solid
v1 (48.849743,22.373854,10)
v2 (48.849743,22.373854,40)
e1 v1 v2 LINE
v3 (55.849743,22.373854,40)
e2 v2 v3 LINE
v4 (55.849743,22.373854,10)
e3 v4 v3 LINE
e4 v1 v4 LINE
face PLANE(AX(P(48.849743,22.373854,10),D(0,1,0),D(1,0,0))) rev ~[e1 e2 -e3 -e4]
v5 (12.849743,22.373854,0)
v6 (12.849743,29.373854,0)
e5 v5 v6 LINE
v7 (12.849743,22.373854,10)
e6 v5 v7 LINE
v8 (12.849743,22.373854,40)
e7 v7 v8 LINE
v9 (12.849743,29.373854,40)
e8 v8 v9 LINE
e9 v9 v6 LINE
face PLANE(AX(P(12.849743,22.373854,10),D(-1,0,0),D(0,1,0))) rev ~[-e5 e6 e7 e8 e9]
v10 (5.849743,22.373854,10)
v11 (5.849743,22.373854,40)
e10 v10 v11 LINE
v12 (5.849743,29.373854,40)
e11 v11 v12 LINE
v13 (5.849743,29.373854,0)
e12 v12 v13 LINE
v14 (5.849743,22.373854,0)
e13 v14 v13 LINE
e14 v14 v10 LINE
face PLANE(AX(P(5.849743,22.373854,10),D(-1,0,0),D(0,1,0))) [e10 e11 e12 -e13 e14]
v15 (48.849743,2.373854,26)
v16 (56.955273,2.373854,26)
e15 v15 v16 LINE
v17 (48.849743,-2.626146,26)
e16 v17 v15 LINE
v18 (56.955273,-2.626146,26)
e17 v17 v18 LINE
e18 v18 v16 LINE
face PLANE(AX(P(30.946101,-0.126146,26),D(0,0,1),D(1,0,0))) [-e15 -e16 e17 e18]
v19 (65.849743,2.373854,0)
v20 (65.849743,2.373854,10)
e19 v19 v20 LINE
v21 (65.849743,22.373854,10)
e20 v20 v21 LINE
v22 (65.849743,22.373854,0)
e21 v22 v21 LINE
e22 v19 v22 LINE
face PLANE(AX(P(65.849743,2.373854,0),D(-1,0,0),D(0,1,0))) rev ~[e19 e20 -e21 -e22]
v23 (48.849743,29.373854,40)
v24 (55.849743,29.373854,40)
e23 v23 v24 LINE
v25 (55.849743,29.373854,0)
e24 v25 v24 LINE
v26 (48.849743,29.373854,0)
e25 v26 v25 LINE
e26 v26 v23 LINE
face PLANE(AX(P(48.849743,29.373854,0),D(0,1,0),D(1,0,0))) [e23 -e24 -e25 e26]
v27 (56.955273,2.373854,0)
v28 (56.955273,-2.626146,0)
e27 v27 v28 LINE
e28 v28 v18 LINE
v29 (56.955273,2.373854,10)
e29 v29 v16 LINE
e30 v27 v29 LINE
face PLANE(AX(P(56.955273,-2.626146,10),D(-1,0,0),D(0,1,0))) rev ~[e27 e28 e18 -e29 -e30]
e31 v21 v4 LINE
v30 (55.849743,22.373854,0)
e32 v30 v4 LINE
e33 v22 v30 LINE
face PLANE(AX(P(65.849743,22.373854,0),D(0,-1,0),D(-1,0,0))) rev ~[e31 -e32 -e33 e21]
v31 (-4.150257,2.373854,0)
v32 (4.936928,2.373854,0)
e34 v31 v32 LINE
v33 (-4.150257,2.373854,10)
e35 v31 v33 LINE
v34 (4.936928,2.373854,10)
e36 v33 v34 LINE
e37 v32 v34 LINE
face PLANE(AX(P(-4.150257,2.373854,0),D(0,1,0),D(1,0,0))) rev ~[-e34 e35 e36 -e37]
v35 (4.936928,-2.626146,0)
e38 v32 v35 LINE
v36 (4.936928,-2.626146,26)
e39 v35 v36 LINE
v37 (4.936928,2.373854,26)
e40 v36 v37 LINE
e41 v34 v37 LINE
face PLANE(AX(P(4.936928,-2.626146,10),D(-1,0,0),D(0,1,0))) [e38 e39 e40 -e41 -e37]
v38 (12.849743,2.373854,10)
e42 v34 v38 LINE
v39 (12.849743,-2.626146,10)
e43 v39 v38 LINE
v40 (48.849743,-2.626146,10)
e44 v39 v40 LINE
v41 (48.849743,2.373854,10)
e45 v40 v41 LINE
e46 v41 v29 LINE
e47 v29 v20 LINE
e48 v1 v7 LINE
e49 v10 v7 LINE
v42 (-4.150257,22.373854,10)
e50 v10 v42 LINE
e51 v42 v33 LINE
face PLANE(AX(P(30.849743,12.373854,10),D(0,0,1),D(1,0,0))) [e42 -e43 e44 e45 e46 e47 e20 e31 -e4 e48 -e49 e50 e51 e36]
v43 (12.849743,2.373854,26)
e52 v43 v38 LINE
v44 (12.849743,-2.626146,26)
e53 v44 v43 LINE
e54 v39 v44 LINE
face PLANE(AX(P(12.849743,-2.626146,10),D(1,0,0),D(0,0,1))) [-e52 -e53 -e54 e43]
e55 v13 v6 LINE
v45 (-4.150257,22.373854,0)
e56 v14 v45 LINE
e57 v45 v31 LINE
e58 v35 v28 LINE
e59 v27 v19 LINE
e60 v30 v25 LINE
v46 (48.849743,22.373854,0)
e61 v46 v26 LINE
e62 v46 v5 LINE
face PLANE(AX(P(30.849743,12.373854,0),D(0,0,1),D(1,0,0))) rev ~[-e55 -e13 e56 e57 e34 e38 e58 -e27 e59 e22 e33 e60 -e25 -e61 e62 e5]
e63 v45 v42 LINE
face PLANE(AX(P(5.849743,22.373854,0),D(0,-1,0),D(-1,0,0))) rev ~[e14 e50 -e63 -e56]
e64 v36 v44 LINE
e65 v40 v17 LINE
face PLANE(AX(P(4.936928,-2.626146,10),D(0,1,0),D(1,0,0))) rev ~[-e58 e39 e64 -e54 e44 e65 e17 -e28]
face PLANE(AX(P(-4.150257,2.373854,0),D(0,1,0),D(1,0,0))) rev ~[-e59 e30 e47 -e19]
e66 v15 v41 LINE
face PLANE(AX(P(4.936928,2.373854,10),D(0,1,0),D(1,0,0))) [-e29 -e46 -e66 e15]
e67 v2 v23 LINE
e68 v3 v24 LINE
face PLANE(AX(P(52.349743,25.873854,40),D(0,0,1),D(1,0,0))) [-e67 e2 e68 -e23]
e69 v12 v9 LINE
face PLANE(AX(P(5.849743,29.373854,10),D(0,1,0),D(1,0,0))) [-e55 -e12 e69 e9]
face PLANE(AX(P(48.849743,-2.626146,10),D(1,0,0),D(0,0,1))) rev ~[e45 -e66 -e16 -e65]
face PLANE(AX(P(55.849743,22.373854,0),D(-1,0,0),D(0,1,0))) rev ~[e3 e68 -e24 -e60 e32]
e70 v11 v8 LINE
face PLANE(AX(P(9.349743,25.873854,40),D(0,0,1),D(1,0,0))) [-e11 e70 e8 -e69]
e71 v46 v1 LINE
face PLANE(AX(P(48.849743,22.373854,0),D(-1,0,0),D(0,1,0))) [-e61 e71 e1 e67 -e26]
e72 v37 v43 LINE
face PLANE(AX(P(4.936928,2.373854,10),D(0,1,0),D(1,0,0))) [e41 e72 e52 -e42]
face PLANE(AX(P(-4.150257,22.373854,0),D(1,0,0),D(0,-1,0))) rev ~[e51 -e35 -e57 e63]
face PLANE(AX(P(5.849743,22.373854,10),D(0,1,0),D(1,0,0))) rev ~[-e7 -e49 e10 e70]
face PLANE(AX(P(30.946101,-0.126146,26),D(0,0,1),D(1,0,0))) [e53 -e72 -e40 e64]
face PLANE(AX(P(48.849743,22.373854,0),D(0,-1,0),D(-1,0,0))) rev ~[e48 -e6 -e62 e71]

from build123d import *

# Parameters (mm, degrees)
F0_W      = 7
F0_H      = 7
F1_DEPTH  = 10
F2_W      = 7
F2_H      = 7
F3_DEPTH  = 30
F4_W      = 52.018345
F4_H      = 10
F5_DEPTH  = 5
F6_W      = 52.018345
F6_H      = 5
F7_DEPTH  = 16
F8_W      = 36
F8_H      = 16
F9_DEPTH  = 25
F10_DEPTH = 25


with BuildPart() as f1:
    # F0 (on Top) → F1 (new body)
    with BuildSketch(Plane.XY):
        Polygon((65.849743, 2.373854), (65.849743, 22.373854), (55.849743, 22.373854), (48.849743, 22.373854), (12.849743, 22.373854), (5.849743, 22.373854), (-4.150257, 22.373854), (-4.150257, 2.373854), align=None)
        with Locations((52.349743, 25.873854)):
            Rectangle(F0_W, F0_H)
        with Locations((9.349743, 25.873854)):
            Rectangle(F0_W, F0_H)
    extrude(amount=F1_DEPTH)

    # F2 (on face) → F3 (join)
    with BuildSketch(Plane.XY.offset(10)):
        with Locations((9.349743, 25.873854)):
            Rectangle(F2_W, F2_H)
        with Locations((52.349743, 25.873854)):
            Rectangle(F2_W, F2_H)
    extrude(amount=F3_DEPTH)

    # F4 (on face) → F5 (join)
    with BuildSketch(Plane.XZ.offset(-2.373854)):
        with Locations((30.946101, 5)):
            Rectangle(F4_W, F4_H)
    extrude(amount=F5_DEPTH)

    # F6 (on face) → F7 (join)
    with BuildSketch(Plane.XY.offset(10)):
        with Locations((30.946101, -0.126146)):
            Rectangle(F6_W, F6_H)
    extrude(amount=F7_DEPTH)

    # F8 (on face) → F9 (cut)
    with BuildSketch(Plane.XZ.offset(2.626146)):
        with Locations((30.849743, 18)):
            Rectangle(F8_W, F8_H)
    extrude(amount=-F9_DEPTH, mode=Mode.SUBTRACT)

    # F8 (on face) → F10 (cut)
    with BuildSketch(Plane.XZ.offset(2.626146)):
        with Locations((30.849743, 18)):
            Rectangle(F8_W, F8_H)
    extrude(amount=-F10_DEPTH, mode=Mode.SUBTRACT)


solid = f1.part
